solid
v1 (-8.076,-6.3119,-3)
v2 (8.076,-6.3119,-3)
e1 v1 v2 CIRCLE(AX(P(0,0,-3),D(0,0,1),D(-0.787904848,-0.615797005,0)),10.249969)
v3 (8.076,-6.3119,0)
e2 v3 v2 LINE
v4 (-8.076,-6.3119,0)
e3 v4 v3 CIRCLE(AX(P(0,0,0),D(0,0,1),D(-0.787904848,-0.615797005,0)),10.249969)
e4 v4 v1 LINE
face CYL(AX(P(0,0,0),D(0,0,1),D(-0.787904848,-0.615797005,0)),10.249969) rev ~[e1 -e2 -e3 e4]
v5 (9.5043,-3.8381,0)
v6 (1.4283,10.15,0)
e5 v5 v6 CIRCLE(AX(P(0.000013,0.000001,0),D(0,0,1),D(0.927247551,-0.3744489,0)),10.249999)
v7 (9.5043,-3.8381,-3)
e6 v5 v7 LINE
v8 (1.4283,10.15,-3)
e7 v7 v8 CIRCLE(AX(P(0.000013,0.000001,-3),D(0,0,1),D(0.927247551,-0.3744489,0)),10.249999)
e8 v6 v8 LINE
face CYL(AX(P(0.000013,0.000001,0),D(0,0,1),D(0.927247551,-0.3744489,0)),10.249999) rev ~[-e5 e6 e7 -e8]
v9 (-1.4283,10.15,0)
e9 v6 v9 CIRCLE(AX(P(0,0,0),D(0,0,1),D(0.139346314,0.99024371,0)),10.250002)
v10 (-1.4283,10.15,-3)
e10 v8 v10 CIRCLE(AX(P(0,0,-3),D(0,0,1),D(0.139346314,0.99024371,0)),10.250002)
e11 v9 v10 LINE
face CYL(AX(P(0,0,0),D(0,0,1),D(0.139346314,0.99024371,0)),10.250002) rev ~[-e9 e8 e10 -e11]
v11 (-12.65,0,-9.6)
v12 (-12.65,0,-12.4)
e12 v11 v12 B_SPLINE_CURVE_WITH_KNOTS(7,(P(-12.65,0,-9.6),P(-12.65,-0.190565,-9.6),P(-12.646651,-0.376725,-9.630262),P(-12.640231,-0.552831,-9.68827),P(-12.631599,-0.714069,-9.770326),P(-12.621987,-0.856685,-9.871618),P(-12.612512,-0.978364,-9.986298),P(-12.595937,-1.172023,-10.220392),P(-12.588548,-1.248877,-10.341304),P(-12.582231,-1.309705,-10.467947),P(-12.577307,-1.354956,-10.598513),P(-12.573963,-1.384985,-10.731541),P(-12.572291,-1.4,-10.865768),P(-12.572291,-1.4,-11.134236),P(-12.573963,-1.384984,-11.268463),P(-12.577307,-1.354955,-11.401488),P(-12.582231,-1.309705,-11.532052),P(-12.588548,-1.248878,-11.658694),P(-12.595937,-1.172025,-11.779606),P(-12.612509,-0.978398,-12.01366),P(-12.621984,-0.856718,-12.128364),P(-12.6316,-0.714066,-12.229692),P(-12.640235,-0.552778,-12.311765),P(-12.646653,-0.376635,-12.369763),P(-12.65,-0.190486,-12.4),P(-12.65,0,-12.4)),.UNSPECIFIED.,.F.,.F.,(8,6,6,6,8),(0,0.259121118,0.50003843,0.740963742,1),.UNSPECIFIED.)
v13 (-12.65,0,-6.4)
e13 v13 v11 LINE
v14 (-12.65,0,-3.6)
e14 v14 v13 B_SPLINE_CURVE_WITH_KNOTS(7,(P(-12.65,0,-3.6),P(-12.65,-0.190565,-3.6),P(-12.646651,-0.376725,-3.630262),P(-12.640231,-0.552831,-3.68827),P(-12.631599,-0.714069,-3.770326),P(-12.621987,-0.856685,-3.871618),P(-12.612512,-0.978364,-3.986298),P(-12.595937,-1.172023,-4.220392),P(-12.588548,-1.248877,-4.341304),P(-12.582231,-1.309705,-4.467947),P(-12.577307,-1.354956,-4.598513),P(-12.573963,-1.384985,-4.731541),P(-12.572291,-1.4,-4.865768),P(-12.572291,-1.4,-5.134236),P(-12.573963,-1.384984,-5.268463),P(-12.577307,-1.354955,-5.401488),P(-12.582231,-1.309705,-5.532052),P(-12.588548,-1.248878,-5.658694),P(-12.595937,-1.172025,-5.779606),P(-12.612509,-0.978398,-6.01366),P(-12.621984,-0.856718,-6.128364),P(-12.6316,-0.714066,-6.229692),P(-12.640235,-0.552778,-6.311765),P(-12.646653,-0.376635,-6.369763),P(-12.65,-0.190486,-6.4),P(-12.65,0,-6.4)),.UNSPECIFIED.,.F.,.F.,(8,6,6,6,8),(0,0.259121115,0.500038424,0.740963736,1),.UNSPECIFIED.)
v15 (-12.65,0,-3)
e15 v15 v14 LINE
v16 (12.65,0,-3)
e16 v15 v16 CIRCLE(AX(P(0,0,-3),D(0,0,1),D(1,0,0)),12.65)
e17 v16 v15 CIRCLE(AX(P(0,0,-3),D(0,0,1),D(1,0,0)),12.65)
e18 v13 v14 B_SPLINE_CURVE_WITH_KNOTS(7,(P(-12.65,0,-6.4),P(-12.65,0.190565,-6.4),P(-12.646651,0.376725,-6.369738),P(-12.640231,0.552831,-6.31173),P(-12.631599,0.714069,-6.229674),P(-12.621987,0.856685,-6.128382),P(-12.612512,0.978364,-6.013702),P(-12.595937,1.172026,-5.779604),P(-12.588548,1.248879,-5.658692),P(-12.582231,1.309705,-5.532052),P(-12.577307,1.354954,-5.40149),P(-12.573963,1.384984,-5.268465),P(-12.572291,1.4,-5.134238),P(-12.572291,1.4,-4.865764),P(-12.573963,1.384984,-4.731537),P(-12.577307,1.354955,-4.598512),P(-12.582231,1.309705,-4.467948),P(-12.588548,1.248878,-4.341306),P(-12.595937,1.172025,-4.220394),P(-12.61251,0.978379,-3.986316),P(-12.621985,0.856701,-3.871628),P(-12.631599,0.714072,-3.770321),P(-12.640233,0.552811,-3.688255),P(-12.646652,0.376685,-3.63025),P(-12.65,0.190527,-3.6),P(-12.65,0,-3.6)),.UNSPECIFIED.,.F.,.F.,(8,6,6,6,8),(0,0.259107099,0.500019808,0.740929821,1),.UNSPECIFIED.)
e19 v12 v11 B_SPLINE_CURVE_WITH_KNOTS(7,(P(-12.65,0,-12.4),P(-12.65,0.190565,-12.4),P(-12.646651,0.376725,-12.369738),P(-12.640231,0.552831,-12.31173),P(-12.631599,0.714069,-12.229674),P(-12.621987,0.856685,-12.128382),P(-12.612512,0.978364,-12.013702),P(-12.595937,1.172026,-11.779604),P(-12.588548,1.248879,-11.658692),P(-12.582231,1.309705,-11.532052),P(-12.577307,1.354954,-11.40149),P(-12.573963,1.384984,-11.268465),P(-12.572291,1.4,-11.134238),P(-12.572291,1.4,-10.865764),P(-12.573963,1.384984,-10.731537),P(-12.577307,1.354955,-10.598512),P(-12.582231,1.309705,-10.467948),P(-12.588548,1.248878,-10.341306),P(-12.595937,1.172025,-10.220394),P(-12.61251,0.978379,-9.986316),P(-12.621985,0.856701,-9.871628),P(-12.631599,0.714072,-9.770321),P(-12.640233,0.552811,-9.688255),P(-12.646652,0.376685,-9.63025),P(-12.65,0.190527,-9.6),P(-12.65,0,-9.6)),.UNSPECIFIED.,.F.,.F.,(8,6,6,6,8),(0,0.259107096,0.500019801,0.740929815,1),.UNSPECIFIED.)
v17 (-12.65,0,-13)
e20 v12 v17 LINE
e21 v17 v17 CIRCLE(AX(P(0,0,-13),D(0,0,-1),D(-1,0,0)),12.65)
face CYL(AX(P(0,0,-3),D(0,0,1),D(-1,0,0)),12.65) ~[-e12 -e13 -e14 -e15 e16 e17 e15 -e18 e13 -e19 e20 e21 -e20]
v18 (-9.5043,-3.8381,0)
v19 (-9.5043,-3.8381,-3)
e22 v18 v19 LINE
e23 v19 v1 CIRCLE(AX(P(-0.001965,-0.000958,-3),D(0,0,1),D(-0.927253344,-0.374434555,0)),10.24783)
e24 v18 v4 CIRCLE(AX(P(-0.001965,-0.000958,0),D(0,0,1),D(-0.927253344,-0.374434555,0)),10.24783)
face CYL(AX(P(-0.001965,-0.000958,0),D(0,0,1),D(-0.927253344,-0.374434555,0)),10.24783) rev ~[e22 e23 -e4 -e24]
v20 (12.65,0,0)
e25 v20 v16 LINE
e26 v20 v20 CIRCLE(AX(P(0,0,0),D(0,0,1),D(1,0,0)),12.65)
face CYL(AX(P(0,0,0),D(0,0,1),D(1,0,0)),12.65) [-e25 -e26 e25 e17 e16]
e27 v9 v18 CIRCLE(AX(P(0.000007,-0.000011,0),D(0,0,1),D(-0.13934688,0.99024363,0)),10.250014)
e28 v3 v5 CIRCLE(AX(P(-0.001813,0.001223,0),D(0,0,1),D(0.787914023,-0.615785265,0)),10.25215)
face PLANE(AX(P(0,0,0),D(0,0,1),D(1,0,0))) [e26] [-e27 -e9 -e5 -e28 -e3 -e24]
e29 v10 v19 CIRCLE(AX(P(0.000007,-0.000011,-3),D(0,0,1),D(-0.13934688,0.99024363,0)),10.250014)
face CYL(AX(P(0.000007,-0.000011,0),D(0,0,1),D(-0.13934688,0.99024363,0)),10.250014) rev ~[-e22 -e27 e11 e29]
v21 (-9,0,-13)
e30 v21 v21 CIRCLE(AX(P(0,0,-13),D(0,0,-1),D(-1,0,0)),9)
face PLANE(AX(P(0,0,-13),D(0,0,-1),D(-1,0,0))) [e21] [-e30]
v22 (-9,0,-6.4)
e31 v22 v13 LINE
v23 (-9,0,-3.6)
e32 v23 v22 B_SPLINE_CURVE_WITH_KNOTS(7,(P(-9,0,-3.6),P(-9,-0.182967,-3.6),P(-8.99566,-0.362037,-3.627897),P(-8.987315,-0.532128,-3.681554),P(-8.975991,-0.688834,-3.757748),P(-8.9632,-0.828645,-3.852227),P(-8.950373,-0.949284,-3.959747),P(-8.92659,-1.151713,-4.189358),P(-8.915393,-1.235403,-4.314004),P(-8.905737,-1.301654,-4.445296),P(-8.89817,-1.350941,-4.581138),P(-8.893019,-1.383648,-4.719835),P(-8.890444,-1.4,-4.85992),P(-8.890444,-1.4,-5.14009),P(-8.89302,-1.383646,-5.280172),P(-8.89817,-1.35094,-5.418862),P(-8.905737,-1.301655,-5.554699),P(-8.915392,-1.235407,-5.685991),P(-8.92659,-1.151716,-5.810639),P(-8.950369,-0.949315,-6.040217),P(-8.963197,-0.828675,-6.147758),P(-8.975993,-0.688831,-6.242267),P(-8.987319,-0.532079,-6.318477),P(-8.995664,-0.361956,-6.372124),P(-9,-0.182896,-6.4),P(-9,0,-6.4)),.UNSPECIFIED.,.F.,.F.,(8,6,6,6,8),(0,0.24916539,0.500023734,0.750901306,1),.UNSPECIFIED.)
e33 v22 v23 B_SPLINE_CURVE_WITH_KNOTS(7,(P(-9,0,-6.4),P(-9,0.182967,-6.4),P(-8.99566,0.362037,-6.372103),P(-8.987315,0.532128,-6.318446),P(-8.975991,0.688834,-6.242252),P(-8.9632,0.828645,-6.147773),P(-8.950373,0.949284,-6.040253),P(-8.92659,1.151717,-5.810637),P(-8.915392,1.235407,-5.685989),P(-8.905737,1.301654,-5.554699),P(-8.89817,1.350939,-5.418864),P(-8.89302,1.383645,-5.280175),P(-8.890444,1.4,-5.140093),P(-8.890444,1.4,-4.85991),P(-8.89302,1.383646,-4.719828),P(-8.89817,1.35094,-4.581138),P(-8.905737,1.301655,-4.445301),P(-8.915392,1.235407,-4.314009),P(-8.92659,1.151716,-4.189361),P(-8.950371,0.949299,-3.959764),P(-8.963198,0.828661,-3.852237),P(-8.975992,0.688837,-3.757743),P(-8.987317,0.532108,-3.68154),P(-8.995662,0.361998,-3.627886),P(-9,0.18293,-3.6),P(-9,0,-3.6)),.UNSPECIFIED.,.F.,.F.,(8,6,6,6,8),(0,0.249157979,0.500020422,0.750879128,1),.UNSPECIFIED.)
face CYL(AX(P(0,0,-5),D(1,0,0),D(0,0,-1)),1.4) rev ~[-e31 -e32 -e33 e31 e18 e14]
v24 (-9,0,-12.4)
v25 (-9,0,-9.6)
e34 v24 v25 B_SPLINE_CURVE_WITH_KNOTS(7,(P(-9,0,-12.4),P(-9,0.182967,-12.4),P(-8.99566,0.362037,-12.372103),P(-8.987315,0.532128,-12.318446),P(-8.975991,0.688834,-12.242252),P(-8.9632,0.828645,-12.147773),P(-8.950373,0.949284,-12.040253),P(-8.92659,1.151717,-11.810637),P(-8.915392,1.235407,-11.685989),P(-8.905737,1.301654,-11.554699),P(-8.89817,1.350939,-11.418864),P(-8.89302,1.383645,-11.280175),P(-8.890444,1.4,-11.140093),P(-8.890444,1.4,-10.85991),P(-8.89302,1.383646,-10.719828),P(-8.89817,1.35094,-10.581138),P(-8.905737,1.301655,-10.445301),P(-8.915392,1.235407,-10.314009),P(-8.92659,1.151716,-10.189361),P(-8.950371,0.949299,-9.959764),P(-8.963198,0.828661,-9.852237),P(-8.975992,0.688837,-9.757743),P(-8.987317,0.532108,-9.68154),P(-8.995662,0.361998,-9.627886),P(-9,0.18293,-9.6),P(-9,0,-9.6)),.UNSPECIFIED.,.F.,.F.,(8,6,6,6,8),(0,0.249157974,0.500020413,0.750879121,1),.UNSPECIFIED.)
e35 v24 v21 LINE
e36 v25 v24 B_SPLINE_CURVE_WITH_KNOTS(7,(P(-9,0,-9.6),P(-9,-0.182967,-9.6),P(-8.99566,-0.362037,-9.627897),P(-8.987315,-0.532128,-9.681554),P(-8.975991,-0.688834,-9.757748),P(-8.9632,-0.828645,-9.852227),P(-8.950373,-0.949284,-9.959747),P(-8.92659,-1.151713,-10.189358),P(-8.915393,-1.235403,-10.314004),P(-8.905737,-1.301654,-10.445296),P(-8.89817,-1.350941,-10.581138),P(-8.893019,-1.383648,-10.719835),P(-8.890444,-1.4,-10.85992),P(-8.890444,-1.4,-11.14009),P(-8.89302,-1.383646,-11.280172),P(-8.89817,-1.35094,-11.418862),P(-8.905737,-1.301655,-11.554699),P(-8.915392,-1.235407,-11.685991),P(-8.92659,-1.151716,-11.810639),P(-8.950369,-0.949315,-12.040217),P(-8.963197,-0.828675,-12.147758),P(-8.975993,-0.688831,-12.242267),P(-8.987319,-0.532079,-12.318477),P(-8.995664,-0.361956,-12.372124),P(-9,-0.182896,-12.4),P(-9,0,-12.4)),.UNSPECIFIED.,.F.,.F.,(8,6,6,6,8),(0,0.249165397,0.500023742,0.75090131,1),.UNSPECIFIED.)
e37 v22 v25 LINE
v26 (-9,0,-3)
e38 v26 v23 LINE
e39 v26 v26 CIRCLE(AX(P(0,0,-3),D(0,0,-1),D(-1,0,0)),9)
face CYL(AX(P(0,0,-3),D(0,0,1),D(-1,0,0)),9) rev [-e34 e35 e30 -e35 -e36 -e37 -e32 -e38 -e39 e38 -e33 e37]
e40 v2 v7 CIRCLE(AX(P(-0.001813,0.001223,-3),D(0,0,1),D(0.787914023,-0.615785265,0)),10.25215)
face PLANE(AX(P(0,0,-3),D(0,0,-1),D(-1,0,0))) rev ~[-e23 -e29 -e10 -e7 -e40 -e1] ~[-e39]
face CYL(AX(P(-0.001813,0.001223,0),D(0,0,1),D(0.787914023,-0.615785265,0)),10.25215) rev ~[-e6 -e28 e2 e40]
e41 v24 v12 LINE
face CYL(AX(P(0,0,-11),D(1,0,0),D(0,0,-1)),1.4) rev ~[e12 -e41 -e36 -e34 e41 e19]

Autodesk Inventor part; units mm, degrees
ref_plane "YZ Plane" through (0, 0, 0) normal (1, 0, 0) x (0, 1, 0)
ref_plane "XZ Plane" through (0, 0, 0) normal (0, 1, 0) x (-1, 0, 0)
ref_plane "XY Plane" through (0, 0, 0) normal (0, 0, 1) x (1, 0, 0)
sketch "Sketch1" plane through (0, 0, 0) normal (0, 0, 1) x (1, 0, 0)
  line L0 (9.6801, -14.008) -> (7.2052, -11.5331) construction
  line L1 (7.2052, -11.5331) -> (11.5893, -7.1491) construction
  line L2 (11.5893, -7.1491) -> (14.0642, -9.6239) construction
  line L3 (14.0642, -9.6239) -> (9.6801, -14.008) construction
  arc A0 (12.6369, -4.7496) -> (4.7496, -12.6369) centre (0, 0) ccw construction
  line L4 (10.9298, -3.0424) -> (12.6369, -4.7496) construction
  line L5 (11.6618, -4.6122) -> (10.9298, -3.0424) construction
  arc A1 (11.6618, -4.6122) -> (10.8551, -4.47) centre (11.2086, -4.8235) ccw construction
  line L6 (10.7915, -4.5335) -> (10.8551, -4.47) construction
  arc A2 (10.7915, -4.5335) -> (10.6527, -4.9738) centre (11.1451, -4.887) ccw construction
  line L7 (10.915, -6.4612) -> (10.6527, -4.9738) construction
  arc A3 (10.7761, -6.9016) -> (10.915, -6.4612) centre (10.4226, -6.548) ccw construction
  line L8 (6.9016, -10.7761) -> (10.7761, -6.9016) construction
  arc A4 (6.4612, -10.915) -> (6.9016, -10.7761) centre (6.548, -10.4226) ccw construction
  line L9 (6.4612, -10.915) -> (4.9738, -10.6527) construction
  arc A5 (4.9738, -10.6527) -> (4.5335, -10.7915) centre (4.887, -11.1451) ccw construction
  line L10 (4.5335, -10.7915) -> (4.47, -10.8551) construction
  arc A6 (4.47, -10.8551) -> (4.6122, -11.6618) centre (4.8235, -11.2086) ccw construction
  line L11 (4.6122, -11.6618) -> (3.0424, -10.9298) construction
  line L12 (3.0424, -10.9298) -> (4.7496, -12.6369) construction
  line L13 (-1.7167, -14.6498) -> (-1.7167, -17.5) construction
  line L14 (-1.7167, -17.5) -> (1.7167, -17.5) construction
  line L15 (1.7167, -14.6498) -> (1.7167, -17.5) construction
  arc A7 (1.7167, -14.6498) -> (6.9595, -13.0049) centre (0, 0) ccw construction
  arc A8 (6.9595, -13.0049) -> (8.2728, -15.1789) centre (8.2994, -13.6792) ccw construction
  line L16 (8.2728, -15.1789) -> (7.6816, -15.1684) construction
  arc A9 (8.5249, -17.8901) -> (7.6816, -15.1684) centre (7.655, -16.6682) ccw construction
  line L17 (8.5249, -17.8901) -> (13.5161, -14.3366) construction
  line L18 (13.5161, -14.3366) -> (13.5161, -12.2823) construction
  line L19 (13.5161, -12.2823) -> (14.6168, -12.2823) construction
  line L20 (14.6168, -12.2823) -> (14.6168, -1.9776) construction
  arc A10 (14.6168, -1.9776) -> (1.7167, 14.6498) centre (0, 0) ccw construction
  line L21 (1.7167, 14.6498) -> (1.7167, 17.5) construction
  line L22 (-1.7167, 17.5) -> (1.7167, 17.5) construction
  line L23 (-1.7167, 14.6498) -> (-1.7167, 17.5) construction
  arc A11 (-1.7167, 14.6498) -> (-14.2817, -3.6872) centre (0, 0) ccw construction
  line L24 (-14.2817, -3.6872) -> (-15.4135, -5.7935) construction
  arc A12 (-15.4135, -5.7935) -> (-14.5984, -8.502) centre (-13.6517, -6.7402) ccw construction
  line L25 (-14.5984, -8.502) -> (-9.6326, -11.1703) construction
  arc A13 (-9.6326, -11.1703) -> (-1.7167, -14.6498) centre (0, 0) ccw construction
  line L26 (-24.6, 24.6) -> (25.2, -25.2) construction
  line L27 (25.2, 24.6) -> (-24.6, -25.2) construction
  arc A14 (-1.4283, 10.15) -> (-9.5043, -3.8381) centre (0, 0) ccw
  circle A15 centre (0, 0) radius 10.1 construction
  line L28 (-1.4283, 10.15) -> (1.4283, 10.15)
  line L29 (-8.076, -6.3119) -> (-9.5043, -3.8381)
  line L30 (9.5043, -3.8381) -> (8.076, -6.3119)
  arc A16 (1.4283, 10.15) -> (-1.4283, 10.15) centre (0, 0) ccw
  arc A17 (9.5043, -3.8381) -> (1.4283, 10.15) centre (0, 0) ccw
  arc A18 (8.076, -6.3119) -> (9.5043, -3.8381) centre (0, 0) ccw
  arc A19 (-8.076, -6.3119) -> (8.076, -6.3119) centre (0, 0) ccw
  arc A20 (-9.5043, -3.8381) -> (-8.076, -6.3119) centre (0, 0) ccw
  arc A21 (10.7786, -4.5205) -> (10.6704, -4.6789) centre (11.1451, -4.887) ccw construction
  line L31 (10.7786, -4.5205) -> (10.8421, -4.457) construction
  arc A22 (11.7261, -4.7937) -> (10.8421, -4.457) centre (11.2086, -4.8235) ccw construction
  line L32 (11.7261, -4.7937) -> (10.8691, -2.9558) construction
  line L33 (10.8691, -2.9558) -> (12.6297, -4.7164) construction
  line L34 (4.7164, -12.6297) -> (2.9558, -10.8691) construction
  line L35 (2.9558, -10.8691) -> (4.4463, -11.5641) construction
  arc A23 (4.457, -10.8421) -> (4.4463, -11.5641) centre (4.8235, -11.2086) ccw construction
  line L36 (4.457, -10.8421) -> (4.5223, -10.7767) construction
  arc A24 (4.977, -10.6346) -> (4.6789, -10.6704) centre (4.887, -11.1451) ccw
  arc A25 (4.6789, -10.6704) -> (4.5223, -10.7767) centre (4.887, -11.1451) ccw construction
  arc A26 (10.6704, -4.6789) -> (10.6346, -4.977) centre (11.1451, -4.887) ccw
  circle A27 centre (0, 0) radius 12.65
  dimension "d4" = 20.2
  dimension "d5" = 10.15
  dimension "d6" = 20.5
  dimension "d9" = 360
  dimension "d28" = 25.3
extrude "Extrusion1" add sketch "Sketch1" against normal blind 3
sketch "Sketch3" plane through (0, 0, -3) normal (0, 0, -1) x (-1, 0, 0)
  circle A0 centre (0, 0) radius 10.25 projected
  circle A1 centre (0, 0) radius 9
  circle A2 centre (0, 0) radius 11.5312
  circle A3 centre (0, 0) radius 12.65 projected
  dimension "d17" = 18
extrude "Extrusion3" add sketch "Sketch3" along normal blind 10 contours A0 | A2 | A3
sketch "Sketch4" plane through (0, -10.7054, 0) normal (1, 0, 0) x (0, 0, -1)
  line L0 (13, 19.7054) -> (13, 1.7054) projected
  line L1 (3, 1.7054) -> (3, 19.7054) projected
  circle A0 centre (11, 10.7054) radius 1.4
  circle A1 centre (5, 10.7054) radius 1.4
  dimension "d24" = 2.8
  dimension "d25" = 2.8
  dimension "d26" = 6
  dimension "d27" = 2
extrude "Extrusion4" cut sketch "Sketch4" against normal through all
properties part number "30_focus_inlet_objective_mount_v7"
